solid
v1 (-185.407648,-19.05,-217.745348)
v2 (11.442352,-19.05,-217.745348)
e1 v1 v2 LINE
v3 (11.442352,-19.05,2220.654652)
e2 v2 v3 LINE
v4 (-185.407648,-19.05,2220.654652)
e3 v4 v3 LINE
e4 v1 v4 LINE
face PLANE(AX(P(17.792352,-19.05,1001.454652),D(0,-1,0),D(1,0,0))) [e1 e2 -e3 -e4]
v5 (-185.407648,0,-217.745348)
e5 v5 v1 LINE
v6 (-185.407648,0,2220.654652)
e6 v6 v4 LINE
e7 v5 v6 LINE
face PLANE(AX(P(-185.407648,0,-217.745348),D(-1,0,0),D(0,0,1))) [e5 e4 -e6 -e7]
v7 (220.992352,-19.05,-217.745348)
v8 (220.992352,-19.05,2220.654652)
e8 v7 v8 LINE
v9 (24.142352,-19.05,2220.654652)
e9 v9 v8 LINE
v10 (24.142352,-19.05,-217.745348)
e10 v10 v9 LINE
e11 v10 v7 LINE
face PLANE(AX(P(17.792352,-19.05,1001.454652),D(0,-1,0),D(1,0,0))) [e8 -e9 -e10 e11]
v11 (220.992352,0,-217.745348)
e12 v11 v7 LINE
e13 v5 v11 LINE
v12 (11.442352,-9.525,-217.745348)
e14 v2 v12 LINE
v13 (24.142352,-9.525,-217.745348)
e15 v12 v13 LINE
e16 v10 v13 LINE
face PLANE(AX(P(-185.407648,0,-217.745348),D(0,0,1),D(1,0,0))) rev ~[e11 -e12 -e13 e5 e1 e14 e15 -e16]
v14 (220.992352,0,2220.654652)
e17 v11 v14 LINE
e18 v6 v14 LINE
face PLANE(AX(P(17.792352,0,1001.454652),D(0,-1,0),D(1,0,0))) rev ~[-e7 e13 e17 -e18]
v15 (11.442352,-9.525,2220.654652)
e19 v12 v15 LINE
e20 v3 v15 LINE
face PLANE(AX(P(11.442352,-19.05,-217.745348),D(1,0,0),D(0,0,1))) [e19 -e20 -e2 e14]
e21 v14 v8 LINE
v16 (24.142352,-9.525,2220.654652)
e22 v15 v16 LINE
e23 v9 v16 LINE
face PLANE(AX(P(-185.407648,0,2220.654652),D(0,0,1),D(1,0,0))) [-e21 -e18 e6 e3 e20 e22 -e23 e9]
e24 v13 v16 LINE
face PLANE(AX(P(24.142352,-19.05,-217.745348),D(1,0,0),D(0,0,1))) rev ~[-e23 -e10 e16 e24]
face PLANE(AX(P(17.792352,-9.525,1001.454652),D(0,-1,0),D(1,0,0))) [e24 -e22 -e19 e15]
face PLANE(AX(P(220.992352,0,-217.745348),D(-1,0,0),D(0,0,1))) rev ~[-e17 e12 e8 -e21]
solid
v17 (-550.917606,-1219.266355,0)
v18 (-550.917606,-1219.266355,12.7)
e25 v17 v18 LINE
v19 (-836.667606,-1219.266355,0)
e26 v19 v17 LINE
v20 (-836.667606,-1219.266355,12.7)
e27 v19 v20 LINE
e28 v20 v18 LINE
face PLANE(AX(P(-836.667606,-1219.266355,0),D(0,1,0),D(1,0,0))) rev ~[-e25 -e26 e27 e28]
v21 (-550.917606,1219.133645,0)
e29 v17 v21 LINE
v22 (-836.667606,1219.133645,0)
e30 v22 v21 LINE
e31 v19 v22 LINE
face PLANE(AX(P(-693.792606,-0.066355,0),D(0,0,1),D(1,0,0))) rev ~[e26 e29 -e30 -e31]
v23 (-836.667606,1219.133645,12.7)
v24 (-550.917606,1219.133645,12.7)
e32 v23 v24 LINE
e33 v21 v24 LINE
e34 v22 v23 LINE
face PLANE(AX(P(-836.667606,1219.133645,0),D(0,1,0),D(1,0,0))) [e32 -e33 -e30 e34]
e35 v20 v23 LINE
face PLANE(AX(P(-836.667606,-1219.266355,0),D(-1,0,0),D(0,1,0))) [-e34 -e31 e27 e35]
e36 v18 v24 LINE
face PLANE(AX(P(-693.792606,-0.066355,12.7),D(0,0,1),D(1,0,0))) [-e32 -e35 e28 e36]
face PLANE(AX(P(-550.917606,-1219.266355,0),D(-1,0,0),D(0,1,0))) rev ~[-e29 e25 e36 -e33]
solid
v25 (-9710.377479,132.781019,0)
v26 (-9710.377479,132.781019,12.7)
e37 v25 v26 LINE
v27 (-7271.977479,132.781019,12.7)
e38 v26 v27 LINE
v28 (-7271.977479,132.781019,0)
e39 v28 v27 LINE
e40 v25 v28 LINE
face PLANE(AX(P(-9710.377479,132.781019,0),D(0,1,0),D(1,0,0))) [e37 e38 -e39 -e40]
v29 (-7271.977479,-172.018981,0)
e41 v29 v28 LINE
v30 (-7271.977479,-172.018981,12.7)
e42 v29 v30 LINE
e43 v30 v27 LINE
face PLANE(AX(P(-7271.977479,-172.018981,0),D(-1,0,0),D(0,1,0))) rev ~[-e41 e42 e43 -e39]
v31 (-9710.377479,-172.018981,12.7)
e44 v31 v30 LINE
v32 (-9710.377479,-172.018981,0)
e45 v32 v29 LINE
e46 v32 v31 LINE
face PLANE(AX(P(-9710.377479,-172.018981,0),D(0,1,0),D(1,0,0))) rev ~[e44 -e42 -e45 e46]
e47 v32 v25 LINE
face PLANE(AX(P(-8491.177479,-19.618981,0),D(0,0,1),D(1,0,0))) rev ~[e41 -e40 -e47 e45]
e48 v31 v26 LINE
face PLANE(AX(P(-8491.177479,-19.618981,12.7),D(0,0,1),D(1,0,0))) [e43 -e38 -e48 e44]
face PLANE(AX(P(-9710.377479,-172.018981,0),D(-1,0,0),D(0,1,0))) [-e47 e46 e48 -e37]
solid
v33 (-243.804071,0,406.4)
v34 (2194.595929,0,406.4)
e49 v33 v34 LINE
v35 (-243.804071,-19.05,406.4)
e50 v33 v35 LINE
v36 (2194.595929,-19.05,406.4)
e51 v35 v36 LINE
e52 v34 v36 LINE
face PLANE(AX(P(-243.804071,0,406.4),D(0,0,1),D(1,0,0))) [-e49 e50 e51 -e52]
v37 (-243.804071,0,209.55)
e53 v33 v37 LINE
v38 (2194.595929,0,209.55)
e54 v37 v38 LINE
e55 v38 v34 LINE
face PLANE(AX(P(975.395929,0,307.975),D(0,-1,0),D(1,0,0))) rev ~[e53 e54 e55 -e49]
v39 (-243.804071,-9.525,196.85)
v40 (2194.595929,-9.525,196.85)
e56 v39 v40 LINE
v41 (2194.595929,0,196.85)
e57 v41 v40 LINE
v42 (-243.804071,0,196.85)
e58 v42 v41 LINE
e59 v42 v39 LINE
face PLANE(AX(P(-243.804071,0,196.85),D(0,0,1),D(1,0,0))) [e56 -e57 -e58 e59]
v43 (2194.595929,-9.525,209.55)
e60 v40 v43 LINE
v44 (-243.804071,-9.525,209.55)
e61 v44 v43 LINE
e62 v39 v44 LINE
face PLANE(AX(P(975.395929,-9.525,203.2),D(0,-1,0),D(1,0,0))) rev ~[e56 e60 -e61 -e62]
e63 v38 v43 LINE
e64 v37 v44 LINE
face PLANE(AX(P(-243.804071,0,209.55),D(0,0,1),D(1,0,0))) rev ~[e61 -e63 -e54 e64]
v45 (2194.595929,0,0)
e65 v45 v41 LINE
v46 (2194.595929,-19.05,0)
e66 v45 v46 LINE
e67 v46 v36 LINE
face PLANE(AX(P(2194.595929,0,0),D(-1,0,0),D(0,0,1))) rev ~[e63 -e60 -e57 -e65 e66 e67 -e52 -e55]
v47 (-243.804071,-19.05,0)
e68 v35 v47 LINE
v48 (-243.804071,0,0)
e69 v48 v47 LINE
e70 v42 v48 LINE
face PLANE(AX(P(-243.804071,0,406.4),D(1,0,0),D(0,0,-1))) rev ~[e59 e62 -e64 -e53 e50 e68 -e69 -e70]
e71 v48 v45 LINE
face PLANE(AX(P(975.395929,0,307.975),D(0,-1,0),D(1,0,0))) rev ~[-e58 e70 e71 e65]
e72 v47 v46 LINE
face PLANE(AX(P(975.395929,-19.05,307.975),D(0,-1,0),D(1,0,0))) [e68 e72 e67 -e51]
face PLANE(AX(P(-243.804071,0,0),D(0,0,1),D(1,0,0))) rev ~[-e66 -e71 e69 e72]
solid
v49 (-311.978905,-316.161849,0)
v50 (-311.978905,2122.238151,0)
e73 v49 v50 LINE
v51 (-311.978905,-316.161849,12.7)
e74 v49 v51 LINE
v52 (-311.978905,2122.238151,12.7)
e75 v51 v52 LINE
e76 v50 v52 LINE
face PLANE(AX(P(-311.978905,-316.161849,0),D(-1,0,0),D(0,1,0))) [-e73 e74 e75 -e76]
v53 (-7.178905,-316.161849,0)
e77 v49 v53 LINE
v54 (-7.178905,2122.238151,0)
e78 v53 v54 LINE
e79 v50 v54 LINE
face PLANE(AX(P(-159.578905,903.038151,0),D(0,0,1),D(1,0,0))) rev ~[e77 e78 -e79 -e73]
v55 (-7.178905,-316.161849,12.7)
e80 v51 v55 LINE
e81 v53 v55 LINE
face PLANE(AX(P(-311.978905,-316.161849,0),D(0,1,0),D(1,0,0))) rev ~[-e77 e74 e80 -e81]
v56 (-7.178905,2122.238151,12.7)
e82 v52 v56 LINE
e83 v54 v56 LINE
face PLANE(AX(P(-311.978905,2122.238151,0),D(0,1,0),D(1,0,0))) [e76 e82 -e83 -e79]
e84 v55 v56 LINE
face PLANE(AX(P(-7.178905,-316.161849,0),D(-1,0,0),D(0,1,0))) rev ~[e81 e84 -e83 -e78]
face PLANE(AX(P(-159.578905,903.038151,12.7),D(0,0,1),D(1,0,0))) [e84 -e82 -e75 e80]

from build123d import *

# Parameters (mm, degrees)
F0_W      = 304.8
F0_H      = 2438.4
F1_DEPTH  = 12.7
F2_W      = 2438.4
F2_H      = 304.8
F3_DEPTH  = 12.7
F4_W      = 406.4
F4_H      = 2438.4
F5_DEPTH  = 19.05
F6_W      = 12.7
F6_H      = 2438.4
F7_DEPTH  = 9.525
F8_W      = 2438.4
F8_H      = 196.85
F8_H_2    = 12.7
F9_DEPTH  = 19.05
F10_DEPTH = 9.525
F11_W     = 285.75
F11_H     = 2438.4
F12_DEPTH = 12.7


with BuildPart() as f1:
    # F0 (on Top) → F1 (new body)
    with BuildSketch(Plane.XY):
        with Locations((-159.5789045095, 903.038151103)):
            Rectangle(F0_W, F0_H)
    extrude(amount=F1_DEPTH)


with BuildPart() as f3:
    # F2 (on Top) → F3 (new body)
    with BuildSketch(Plane.XY):
        with Locations((-8491.1774787435, -19.6189805865)):
            Rectangle(F2_W, F2_H)
    extrude(amount=F3_DEPTH)


with BuildPart() as f5:
    # F4 (on Front) → F5 (new body)
    with BuildSketch(Plane.XZ):
        with Locations((17.7923515439, 1001.4546515647)):
            Rectangle(F4_W, F4_H)
    extrude(amount=F5_DEPTH)

    # F6 (on face) → F7 (cut)
    with BuildSketch(Plane.XZ.offset(19.05)):
        with Locations((17.7923515439, 1001.4546515647)):
            Rectangle(F6_W, F6_H)
    extrude(amount=-F7_DEPTH, mode=Mode.SUBTRACT)


with BuildPart() as f9:
    # F8 (on Front) → F9 (new body)
    with BuildSketch(Plane.XZ):
        with Locations((975.3959287659, 307.975)):
            Rectangle(F8_W, F8_H)
        with Locations((975.3959287659, 203.2)):
            Rectangle(F8_W, F8_H_2)
        with Locations((975.3959287659, 98.425)):
            Rectangle(F8_W, F8_H)
    extrude(amount=F9_DEPTH)

    # F8 (on Front) → F10 (cut)
    with BuildSketch(Plane.XZ):
        with Locations((975.3959287659, 203.2)):
            Rectangle(F8_W, F8_H_2)
    extrude(amount=F10_DEPTH, mode=Mode.SUBTRACT)


with BuildPart() as f12:
    # F11 (on Top) → F12 (new body)
    with BuildSketch(Plane.XY):
        with Locations((-693.7926063842, -0.0663548708)):
            Rectangle(F11_W, F11_H)
    extrude(amount=F12_DEPTH)


solid = Compound([f1.part, f3.part, f5.part, f9.part, f12.part])
